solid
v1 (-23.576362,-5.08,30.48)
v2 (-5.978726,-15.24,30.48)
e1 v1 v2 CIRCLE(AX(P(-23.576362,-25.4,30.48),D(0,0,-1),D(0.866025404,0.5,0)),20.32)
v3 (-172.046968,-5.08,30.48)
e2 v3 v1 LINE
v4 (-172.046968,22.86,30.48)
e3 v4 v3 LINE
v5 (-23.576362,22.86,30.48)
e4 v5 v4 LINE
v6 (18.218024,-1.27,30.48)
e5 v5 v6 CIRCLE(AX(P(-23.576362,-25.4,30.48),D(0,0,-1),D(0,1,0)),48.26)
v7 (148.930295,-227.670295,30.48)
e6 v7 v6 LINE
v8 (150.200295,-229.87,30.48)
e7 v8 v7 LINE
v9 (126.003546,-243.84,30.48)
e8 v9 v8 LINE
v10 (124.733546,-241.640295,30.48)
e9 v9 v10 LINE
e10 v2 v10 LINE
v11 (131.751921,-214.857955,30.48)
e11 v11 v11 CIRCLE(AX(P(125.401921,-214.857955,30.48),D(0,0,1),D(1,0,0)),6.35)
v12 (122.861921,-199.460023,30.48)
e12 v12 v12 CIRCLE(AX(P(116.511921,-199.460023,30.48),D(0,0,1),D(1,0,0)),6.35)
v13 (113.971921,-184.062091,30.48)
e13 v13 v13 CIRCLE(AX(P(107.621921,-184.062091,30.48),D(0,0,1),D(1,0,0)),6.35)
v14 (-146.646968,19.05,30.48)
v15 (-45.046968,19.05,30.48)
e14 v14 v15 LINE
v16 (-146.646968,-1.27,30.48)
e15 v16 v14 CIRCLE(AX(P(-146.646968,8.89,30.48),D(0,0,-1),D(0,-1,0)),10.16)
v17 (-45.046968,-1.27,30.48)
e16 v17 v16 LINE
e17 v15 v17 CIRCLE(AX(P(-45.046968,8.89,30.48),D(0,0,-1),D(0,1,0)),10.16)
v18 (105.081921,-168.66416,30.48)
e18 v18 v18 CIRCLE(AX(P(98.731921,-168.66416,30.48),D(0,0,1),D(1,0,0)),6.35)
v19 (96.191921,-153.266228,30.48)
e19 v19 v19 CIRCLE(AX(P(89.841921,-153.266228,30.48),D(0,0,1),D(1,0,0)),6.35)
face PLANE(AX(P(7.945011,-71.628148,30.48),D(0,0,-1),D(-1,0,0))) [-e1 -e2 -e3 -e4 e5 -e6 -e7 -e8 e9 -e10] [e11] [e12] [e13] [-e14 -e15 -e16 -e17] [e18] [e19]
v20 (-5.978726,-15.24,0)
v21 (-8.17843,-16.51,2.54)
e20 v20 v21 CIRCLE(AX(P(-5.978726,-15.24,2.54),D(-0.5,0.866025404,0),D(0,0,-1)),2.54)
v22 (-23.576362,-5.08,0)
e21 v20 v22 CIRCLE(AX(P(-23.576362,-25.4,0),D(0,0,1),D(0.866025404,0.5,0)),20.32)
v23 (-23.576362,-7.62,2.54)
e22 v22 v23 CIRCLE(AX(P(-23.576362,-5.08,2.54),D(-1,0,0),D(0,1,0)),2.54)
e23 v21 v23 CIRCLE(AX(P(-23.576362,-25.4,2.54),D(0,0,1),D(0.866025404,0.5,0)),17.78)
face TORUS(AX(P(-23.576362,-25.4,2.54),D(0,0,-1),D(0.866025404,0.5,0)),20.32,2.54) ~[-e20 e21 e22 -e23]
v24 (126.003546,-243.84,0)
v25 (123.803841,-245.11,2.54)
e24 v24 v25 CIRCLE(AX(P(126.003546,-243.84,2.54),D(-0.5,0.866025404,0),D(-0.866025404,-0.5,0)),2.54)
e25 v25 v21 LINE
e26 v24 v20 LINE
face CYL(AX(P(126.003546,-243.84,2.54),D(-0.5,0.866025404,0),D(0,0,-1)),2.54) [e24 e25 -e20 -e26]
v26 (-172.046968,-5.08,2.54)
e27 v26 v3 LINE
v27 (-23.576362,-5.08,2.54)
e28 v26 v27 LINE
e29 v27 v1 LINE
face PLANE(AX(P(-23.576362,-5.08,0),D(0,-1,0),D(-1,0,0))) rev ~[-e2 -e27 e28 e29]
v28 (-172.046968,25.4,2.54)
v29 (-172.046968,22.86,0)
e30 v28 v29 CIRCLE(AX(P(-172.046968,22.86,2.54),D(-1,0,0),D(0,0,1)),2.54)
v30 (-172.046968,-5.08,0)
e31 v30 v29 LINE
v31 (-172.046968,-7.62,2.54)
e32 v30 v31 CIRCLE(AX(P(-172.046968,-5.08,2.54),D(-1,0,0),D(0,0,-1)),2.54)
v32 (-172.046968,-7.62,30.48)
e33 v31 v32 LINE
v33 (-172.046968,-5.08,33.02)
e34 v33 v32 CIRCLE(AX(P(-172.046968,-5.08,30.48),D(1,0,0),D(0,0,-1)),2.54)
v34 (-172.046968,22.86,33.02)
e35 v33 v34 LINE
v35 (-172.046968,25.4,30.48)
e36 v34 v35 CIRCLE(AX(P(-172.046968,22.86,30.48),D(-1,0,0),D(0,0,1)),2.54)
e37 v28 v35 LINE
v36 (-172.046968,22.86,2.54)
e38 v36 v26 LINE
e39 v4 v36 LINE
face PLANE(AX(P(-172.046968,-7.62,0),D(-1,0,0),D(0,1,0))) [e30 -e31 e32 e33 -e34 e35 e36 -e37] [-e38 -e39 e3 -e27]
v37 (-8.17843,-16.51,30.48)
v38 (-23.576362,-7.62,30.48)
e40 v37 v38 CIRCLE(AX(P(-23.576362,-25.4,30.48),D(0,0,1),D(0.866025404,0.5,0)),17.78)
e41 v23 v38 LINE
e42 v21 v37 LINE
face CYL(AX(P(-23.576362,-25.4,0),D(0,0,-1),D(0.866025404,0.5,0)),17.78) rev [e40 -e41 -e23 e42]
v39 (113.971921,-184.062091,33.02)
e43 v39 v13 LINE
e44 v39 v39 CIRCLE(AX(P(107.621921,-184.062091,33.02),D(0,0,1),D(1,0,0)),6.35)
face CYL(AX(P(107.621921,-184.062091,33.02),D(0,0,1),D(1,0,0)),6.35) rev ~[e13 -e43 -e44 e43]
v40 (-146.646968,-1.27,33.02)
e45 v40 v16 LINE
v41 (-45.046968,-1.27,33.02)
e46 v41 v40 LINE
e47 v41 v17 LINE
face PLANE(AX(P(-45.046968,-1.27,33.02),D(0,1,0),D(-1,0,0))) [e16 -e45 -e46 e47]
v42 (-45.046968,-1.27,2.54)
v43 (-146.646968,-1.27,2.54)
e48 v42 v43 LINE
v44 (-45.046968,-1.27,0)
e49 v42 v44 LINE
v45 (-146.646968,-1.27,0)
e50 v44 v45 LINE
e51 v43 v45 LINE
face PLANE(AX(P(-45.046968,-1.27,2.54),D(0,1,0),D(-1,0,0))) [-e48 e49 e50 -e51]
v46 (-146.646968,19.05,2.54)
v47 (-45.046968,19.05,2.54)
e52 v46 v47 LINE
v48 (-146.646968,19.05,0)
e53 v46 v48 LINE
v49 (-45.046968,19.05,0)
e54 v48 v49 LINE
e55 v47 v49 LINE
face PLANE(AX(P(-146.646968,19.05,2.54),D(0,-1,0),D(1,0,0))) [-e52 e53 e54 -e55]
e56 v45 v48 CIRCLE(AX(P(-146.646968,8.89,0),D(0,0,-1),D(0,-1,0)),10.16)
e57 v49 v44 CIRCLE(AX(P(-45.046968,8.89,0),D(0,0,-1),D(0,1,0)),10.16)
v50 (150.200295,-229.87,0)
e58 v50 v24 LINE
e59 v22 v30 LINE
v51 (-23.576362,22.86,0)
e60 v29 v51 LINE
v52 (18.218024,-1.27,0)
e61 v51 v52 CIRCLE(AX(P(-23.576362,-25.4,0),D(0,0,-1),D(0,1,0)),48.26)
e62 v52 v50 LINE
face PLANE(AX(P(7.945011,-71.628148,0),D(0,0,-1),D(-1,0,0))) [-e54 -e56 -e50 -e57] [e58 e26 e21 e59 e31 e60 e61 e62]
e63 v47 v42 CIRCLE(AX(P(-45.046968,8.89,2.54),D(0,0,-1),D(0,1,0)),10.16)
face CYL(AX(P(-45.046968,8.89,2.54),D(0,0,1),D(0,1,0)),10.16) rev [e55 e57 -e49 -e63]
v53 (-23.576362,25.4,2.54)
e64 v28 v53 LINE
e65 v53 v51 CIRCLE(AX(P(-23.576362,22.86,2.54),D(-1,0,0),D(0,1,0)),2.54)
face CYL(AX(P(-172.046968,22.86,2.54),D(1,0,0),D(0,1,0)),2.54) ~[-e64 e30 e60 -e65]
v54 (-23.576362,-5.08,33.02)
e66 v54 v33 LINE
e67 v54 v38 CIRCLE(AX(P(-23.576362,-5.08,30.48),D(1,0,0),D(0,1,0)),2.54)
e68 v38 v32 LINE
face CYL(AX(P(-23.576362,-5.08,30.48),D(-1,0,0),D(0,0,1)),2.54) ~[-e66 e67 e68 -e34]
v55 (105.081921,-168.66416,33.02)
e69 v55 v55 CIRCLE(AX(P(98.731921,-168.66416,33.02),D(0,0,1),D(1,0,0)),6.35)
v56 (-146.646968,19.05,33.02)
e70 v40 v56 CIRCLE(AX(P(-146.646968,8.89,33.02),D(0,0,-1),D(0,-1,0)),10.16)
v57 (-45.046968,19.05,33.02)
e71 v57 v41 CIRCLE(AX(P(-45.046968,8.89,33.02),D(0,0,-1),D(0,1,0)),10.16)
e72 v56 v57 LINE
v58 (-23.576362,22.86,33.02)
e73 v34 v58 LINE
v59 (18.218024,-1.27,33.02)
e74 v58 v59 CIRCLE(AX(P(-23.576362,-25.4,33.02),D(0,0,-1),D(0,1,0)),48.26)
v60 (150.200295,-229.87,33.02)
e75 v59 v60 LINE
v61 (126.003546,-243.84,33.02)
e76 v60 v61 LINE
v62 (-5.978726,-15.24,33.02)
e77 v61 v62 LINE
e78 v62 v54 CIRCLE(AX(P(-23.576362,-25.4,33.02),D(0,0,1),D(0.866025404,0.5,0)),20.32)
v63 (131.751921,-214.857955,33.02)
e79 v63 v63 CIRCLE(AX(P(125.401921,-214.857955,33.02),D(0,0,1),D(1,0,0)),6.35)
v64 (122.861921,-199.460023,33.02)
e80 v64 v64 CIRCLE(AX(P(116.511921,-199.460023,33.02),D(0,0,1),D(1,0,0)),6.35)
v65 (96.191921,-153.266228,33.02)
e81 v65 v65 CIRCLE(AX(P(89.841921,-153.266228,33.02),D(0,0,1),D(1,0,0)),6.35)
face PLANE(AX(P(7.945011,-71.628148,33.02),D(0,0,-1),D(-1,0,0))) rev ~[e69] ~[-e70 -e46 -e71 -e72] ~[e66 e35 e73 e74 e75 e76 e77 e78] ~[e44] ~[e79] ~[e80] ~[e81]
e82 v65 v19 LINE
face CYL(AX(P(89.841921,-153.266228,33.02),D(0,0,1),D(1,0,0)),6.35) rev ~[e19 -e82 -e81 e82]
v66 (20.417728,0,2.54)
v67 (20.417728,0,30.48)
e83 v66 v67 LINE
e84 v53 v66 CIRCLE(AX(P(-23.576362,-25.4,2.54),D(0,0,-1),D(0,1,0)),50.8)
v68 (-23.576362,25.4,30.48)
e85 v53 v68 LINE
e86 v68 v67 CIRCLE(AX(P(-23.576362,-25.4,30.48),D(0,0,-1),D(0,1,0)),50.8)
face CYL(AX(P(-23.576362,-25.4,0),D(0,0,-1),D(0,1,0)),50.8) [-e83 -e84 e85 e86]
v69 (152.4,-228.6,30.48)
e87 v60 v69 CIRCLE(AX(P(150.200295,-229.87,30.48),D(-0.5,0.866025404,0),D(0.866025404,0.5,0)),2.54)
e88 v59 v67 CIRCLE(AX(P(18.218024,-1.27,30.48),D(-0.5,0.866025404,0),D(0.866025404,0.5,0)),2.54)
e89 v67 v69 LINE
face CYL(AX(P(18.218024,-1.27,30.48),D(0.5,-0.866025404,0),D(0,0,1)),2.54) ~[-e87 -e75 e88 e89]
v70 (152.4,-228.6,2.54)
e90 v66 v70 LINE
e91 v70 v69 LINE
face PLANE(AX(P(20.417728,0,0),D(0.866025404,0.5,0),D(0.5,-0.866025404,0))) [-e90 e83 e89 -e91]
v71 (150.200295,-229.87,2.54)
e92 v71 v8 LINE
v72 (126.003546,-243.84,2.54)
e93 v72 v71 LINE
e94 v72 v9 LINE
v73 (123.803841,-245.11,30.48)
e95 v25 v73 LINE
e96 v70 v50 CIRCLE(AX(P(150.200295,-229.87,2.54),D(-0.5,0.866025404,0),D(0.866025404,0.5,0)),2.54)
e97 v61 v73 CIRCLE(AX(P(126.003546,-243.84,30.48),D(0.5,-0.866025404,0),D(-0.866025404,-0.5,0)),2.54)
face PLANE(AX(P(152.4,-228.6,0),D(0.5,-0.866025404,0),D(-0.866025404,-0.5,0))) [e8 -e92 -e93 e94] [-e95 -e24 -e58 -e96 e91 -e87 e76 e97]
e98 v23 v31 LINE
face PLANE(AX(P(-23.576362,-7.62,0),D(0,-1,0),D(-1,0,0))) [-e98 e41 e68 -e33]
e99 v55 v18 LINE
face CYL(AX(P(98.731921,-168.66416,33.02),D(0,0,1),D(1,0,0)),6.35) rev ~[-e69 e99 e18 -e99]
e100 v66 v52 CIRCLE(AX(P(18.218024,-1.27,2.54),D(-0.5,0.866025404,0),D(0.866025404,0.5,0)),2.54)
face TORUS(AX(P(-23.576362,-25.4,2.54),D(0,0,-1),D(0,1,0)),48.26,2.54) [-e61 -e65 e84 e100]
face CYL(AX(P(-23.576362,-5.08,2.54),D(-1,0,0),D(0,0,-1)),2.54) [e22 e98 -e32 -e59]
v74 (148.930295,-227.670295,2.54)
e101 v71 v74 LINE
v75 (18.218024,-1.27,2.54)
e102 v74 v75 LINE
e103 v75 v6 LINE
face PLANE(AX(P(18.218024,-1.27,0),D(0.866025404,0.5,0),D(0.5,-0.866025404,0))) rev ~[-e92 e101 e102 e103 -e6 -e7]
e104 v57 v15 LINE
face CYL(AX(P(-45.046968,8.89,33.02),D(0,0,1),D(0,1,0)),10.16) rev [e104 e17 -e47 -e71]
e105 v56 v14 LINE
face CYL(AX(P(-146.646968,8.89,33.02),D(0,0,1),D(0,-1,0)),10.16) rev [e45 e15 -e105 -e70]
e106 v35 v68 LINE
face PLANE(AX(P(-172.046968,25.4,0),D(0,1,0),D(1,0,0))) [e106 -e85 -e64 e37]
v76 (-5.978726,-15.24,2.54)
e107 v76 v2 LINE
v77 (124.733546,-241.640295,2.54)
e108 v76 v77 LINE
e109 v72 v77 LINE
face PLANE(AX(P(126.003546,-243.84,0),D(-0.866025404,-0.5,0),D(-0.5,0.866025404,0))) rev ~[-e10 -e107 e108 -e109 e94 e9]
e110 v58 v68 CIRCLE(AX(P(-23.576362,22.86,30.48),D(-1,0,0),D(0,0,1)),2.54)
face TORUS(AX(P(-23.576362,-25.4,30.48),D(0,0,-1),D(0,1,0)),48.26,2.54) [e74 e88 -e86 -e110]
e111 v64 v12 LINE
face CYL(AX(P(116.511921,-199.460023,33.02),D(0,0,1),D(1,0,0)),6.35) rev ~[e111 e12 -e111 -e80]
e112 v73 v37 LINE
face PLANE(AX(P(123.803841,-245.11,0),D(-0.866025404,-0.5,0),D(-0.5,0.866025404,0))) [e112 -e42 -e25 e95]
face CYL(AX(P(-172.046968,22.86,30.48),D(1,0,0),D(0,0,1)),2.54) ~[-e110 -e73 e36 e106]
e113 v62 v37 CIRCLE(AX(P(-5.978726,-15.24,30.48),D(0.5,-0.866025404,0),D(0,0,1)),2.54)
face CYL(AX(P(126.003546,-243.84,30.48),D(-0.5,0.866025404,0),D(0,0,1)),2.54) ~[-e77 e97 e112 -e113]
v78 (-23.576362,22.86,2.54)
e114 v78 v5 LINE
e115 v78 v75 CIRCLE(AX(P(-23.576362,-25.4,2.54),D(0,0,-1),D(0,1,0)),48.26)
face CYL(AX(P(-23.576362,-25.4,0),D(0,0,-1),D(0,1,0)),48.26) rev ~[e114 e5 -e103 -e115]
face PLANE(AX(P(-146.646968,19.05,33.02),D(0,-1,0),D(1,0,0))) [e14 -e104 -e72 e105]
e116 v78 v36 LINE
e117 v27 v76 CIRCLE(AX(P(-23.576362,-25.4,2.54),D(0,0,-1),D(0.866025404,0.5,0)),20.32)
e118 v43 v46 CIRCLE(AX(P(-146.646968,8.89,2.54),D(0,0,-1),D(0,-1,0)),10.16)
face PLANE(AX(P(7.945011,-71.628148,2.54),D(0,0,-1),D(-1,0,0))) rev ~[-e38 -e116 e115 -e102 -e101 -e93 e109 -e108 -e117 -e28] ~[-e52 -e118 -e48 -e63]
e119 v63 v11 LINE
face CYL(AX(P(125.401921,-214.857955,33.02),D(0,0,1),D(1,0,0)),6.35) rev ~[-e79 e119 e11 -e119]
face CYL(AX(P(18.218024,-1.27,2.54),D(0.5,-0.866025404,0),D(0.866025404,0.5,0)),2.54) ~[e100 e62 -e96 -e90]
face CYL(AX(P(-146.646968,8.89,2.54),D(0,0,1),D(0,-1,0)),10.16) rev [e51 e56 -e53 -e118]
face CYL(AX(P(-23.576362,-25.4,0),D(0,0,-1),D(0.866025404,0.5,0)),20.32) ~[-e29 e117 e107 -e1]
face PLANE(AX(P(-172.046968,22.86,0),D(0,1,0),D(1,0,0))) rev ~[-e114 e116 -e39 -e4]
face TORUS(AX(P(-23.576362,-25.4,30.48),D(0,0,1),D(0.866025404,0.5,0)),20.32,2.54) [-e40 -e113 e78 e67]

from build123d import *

# Parameters (mm, degrees)
BOSS_EXTRUDE1_DEPTH = 33.02
SHELL1_T            = -2.54
CUT_EXTRUDE1_REACH  = 409.111
SKETCH2_W           = 27.94
SKETCH2_H           = 27.94
CUT_EXTRUDE2_DEPTH  = 2.54
CUT_EXTRUDE3_START  = -2.54
CUT_EXTRUDE3_DEPTH  = 2.54
CUT_EXTRUDE4_REACH  = 303.28
SKETCH5_R           = 6.35
FILLET1_R           = 2.54


with BuildPart() as part:
    # Sketch1 → Boss-Extrude1 (new body)
    with BuildSketch(Plane.XY):
        with BuildLine():
            Line((-172.046968374, 25.4), (-23.576362049, 25.4))
            ThreePointArc((-23.576362049, 25.4), (1.823637951, 18.594090512), (20.417728463, 0))
            Line((20.417728463, 0), (152.4, -228.6))
            Line((152.4, -228.6), (123.803841167, -245.11))
            Line((123.803841167, -245.11), (-8.17843037, -16.51))
            ThreePointArc((-8.17843037, -16.51), (-14.686362049, -10.002068321), (-23.576362049, -7.62))
            Line((-23.576362049, -7.62), (-172.046968374, -7.62))
            Line((-172.046968374, -7.62), (-172.046968374, 25.4))
        make_face()
    extrude(amount=BOSS_EXTRUDE1_DEPTH)

    # Shell1
    shell1_openings = [part.faces().sort_by_distance(p)[0] for p in [
        (-172.046968374, 8.89, 16.51),
    ]]
    offset(amount=SHELL1_T, openings=shell1_openings, kind=Kind.INTERSECTION)

    # Sketch2 → Cut-Extrude1 (cut, up to next)
    with BuildSketch(Plane(origin=(137.086703653, -237.441135768, 0), x_dir=(0.8660254037844406, 0.4999999999999967, 0), z_dir=(0.4999999999999967, -0.8660254037844406, 0)), mode=Mode.PRIVATE) as cut_extrude1_sk1:
        with Locations((1.172271537, 16.51)):
            Rectangle(SKETCH2_W, SKETCH2_H)
    cut_extrude1_tool1 = extrude(cut_extrude1_sk1.sketch, amount=-CUT_EXTRUDE1_REACH, mode=Mode.PRIVATE) & part.part
    add(cut_extrude1_tool1.solids().sort_by_distance((138.101921, -236.855, 16.51))[0], mode=Mode.SUBTRACT)

    # Sketch3 → Cut-Extrude2 (cut)
    with BuildSketch(Plane.XY.offset(33.02)):
        with BuildLine():
            Line((-146.646968374, 19.05), (-45.046968374, 19.05))
            ThreePointArc((-45.046968374, 19.05), (-34.886968374, 8.89), (-45.046968374, -1.27))
            Line((-45.046968374, -1.27), (-50.126968374, -1.27))
            Line((-50.126968374, -1.27), (-146.646968374, -1.27))
            ThreePointArc((-146.646968374, -1.27), (-156.806968374, 8.89), (-146.646968374, 19.05))
        make_face()
    extrude(amount=-CUT_EXTRUDE2_DEPTH, mode=Mode.SUBTRACT)

    # Sketch4 → Cut-Extrude3 (cut)
    with BuildSketch(Plane(origin=(0, 0, 0), x_dir=(-1, 0, 0), z_dir=(0, 0, -1)).offset(CUT_EXTRUDE3_START)):
        with BuildLine():
            Line((141.566968374, -1.27), (146.646968374, -1.27))
            ThreePointArc((146.646968374, -1.27), (156.806968374, 8.89), (146.646968374, 19.05))
            Line((146.646968374, 19.05), (45.046968374, 19.05))
            ThreePointArc((45.046968374, 19.05), (34.886968374, 8.89), (45.046968374, -1.27))
            Line((45.046968374, -1.27), (141.566968374, -1.27))
        make_face()
    extrude(amount=CUT_EXTRUDE3_DEPTH, mode=Mode.SUBTRACT)

    # Sketch5 → Cut-Extrude4 (cut, up to next)
    with BuildSketch(Plane.XY.offset(33.02), mode=Mode.PRIVATE) as cut_extrude4_sk1:
        with Locations((125.401920584, -214.857954744)):
            Circle(SKETCH5_R)
    cut_extrude4_tool1 = extrude(cut_extrude4_sk1.sketch, amount=-CUT_EXTRUDE4_REACH, mode=Mode.PRIVATE) & part.part
    # Sketch5 → Cut-Extrude4 (cut, up to next)
    with BuildSketch(Plane.XY.offset(33.02), mode=Mode.PRIVATE) as cut_extrude4_sk2:
        with Locations((116.511920584, -199.460023065)):
            Circle(SKETCH5_R)
    cut_extrude4_tool2 = extrude(cut_extrude4_sk2.sketch, amount=-CUT_EXTRUDE4_REACH, mode=Mode.PRIVATE) & part.part
    # Sketch5 → Cut-Extrude4 (cut, up to next)
    with BuildSketch(Plane.XY.offset(33.02), mode=Mode.PRIVATE) as cut_extrude4_sk3:
        with Locations((107.621920584, -184.062091385)):
            Circle(SKETCH5_R)
    cut_extrude4_tool3 = extrude(cut_extrude4_sk3.sketch, amount=-CUT_EXTRUDE4_REACH, mode=Mode.PRIVATE) & part.part
    # Sketch5 → Cut-Extrude4 (cut, up to next)
    with BuildSketch(Plane.XY.offset(33.02), mode=Mode.PRIVATE) as cut_extrude4_sk4:
        with Locations((98.731920584, -168.664159706)):
            Circle(SKETCH5_R)
    cut_extrude4_tool4 = extrude(cut_extrude4_sk4.sketch, amount=-CUT_EXTRUDE4_REACH, mode=Mode.PRIVATE) & part.part
    # Sketch5 → Cut-Extrude4 (cut, up to next)
    with BuildSketch(Plane.XY.offset(33.02), mode=Mode.PRIVATE) as cut_extrude4_sk5:
        with Locations((89.841920584, -153.266228027)):
            Circle(SKETCH5_R)
    cut_extrude4_tool5 = extrude(cut_extrude4_sk5.sketch, amount=-CUT_EXTRUDE4_REACH, mode=Mode.PRIVATE) & part.part
    add(cut_extrude4_tool1.solids().sort_by_distance((125.401921, -214.857955, 33.02))[0], mode=Mode.SUBTRACT)
    add(cut_extrude4_tool2.solids().sort_by_distance((116.511921, -199.460023, 33.02))[0], mode=Mode.SUBTRACT)
    add(cut_extrude4_tool3.solids().sort_by_distance((107.621921, -184.062091, 33.02))[0], mode=Mode.SUBTRACT)
    add(cut_extrude4_tool4.solids().sort_by_distance((98.731921, -168.66416, 33.02))[0], mode=Mode.SUBTRACT)
    add(cut_extrude4_tool5.solids().sort_by_distance((89.841921, -153.266228, 33.02))[0], mode=Mode.SUBTRACT)

    # Fillet1
    fillet1_edges = [part.edges().sort_by_distance(p)[0] for p in [
        (57.812705399, -130.81, 0),
        (-14.686362049, -10.002068321, 0),
        (-97.811665212, -7.62, 0),
        (-14.686362049, -10.002068321, 33.02),
        (57.812705399, -130.81, 33.02),
        (86.408864232, -114.3, 33.02),
        (1.823637951, 18.594090512, 33.02),
        (-97.811665212, 25.4, 33.02),
        (-97.811665212, 25.4, 0),
        (-97.811665212, -7.62, 33.02),
        (1.823637951, 18.594090512, 0),
        (86.408864232, -114.3, 0),
    ]]
    fillet(fillet1_edges, radius=FILLET1_R)


solid = part.part
